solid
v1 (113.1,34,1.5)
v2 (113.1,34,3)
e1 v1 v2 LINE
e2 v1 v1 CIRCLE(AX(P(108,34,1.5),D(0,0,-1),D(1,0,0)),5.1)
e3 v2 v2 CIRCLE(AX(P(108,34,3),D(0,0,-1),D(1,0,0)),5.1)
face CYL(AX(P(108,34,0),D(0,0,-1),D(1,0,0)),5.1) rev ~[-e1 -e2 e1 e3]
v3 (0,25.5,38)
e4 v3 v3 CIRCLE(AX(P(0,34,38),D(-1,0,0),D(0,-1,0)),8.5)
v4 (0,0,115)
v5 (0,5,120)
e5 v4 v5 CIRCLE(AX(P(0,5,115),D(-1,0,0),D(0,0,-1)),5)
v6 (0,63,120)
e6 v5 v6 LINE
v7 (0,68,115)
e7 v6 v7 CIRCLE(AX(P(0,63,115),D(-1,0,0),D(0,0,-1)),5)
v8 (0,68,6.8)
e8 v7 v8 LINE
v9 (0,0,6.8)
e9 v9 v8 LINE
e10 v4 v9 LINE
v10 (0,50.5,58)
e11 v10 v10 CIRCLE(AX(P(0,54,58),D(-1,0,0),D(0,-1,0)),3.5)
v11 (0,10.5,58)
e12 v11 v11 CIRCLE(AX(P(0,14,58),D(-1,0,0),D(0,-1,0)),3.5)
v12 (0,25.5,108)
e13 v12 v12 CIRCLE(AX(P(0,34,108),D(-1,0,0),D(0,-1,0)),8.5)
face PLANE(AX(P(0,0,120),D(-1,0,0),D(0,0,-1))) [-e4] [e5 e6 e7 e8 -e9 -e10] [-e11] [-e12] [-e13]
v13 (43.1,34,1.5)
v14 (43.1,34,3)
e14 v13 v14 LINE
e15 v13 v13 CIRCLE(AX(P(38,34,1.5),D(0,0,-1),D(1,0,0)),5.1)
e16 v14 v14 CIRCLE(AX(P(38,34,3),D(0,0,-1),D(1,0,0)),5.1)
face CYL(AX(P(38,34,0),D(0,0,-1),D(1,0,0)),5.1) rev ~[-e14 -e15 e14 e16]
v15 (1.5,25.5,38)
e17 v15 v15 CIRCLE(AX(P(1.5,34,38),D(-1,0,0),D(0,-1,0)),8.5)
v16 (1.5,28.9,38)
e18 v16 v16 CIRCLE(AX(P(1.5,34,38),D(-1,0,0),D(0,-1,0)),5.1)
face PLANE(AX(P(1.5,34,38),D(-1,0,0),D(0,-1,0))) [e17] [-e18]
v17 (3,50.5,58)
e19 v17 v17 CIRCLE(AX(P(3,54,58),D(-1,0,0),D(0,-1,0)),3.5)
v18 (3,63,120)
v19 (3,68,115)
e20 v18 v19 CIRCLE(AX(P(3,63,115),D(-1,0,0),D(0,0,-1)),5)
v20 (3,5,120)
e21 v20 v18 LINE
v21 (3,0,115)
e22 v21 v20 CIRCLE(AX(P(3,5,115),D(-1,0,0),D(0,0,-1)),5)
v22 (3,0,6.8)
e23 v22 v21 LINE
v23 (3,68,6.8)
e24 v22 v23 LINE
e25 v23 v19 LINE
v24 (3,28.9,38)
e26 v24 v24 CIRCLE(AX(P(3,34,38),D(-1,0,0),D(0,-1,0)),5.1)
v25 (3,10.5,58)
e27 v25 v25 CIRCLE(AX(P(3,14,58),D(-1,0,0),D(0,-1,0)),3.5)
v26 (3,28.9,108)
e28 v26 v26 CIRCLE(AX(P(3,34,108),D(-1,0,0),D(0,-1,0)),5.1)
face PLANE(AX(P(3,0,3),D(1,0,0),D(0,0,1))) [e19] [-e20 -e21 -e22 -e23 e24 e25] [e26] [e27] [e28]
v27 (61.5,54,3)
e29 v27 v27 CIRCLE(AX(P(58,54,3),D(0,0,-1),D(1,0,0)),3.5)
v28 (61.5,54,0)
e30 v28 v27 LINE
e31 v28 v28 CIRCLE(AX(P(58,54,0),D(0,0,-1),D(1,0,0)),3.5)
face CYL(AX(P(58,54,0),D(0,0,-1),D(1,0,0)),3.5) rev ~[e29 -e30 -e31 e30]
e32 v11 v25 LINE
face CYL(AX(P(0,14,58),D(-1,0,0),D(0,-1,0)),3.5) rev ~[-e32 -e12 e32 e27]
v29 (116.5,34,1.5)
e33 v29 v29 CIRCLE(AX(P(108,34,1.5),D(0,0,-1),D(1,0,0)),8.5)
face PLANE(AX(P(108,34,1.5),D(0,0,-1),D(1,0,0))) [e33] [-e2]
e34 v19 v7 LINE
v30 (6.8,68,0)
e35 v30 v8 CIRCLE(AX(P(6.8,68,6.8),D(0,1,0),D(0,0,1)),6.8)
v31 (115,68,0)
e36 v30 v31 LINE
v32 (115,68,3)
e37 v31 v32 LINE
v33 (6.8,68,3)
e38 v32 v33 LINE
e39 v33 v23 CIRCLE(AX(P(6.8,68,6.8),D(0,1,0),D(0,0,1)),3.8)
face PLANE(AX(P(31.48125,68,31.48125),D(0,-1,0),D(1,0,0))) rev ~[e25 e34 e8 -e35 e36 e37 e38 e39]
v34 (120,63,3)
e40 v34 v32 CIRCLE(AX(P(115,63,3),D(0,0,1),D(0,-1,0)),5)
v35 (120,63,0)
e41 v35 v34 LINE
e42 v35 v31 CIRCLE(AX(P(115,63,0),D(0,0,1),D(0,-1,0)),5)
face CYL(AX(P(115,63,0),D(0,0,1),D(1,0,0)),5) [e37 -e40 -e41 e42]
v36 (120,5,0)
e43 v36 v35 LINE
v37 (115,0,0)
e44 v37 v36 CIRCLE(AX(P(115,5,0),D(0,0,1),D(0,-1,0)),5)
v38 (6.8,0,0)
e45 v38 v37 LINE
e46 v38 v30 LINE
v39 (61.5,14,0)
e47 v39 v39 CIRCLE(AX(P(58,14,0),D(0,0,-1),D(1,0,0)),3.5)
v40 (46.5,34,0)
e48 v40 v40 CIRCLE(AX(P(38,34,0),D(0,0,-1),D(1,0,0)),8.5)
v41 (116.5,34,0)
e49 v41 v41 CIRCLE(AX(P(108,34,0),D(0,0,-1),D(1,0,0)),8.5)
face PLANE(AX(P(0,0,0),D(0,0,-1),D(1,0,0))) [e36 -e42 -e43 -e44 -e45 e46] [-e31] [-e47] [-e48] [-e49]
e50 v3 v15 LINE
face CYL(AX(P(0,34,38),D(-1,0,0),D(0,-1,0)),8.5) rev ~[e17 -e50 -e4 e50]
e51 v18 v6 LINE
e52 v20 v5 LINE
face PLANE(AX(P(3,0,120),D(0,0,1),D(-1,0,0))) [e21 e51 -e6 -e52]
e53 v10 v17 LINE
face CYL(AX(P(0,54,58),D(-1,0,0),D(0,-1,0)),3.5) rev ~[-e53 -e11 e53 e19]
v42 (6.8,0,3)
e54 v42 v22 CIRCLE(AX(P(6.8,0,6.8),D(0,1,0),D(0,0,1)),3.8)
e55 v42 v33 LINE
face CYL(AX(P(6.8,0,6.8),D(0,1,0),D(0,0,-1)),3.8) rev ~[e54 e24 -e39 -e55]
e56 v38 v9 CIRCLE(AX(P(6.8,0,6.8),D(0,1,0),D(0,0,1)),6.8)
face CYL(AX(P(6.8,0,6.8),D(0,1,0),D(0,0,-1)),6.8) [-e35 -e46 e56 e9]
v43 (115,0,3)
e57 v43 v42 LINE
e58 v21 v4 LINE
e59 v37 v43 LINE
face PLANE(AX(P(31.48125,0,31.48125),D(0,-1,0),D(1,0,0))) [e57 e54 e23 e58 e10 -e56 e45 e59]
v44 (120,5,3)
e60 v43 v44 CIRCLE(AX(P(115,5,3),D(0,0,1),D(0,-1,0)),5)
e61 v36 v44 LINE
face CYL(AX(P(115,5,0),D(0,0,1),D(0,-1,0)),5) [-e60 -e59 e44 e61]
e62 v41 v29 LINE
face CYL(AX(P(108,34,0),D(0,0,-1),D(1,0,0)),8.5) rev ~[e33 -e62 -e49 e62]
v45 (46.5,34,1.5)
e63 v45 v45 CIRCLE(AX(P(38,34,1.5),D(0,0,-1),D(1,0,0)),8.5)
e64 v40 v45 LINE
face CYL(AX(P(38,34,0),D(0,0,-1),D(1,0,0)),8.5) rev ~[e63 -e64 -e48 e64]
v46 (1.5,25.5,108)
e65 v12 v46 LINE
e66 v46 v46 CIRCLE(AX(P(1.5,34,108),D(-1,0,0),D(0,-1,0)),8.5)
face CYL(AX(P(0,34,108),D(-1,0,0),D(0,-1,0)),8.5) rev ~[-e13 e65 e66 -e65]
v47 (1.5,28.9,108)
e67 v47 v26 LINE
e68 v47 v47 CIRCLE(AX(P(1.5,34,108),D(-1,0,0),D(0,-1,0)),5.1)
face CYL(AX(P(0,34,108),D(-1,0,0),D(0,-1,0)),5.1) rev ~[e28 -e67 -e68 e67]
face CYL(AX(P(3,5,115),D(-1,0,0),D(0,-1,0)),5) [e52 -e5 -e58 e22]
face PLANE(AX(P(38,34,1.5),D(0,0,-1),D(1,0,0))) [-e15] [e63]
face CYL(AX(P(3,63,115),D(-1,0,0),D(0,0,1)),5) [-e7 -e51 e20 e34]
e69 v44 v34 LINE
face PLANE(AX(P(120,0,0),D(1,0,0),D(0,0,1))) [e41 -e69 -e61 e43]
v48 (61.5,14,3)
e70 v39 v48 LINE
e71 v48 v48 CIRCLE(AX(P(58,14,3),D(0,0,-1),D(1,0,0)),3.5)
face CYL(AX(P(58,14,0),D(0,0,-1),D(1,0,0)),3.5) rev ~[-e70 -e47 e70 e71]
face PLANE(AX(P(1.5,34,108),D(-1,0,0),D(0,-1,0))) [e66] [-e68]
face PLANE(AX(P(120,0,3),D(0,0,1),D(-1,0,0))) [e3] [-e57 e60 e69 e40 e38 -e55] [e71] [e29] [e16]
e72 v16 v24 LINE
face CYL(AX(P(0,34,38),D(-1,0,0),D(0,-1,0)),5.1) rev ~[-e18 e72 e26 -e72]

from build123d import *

# Parameters (mm, degrees)
F1_DEPTH  = 68
F2_R      = 3.8
F3_R      = 6.8
F4_R      = 5
F5_R      = 5.1
F5_R_2    = 3.5
F6_DEPTH  = 120.001
F7_R      = 5.1
F7_R_2    = 3.5
F8_DEPTH  = 120.001
F9_R      = 8.5
F10_DEPTH = 1.5
F11_R     = 8.5
F12_DEPTH = 1.5


with BuildPart() as f1:
    # F0 (on Front) → F1 (new body)
    with BuildSketch(Plane.XZ):
        Polygon((3, 120), (0, 120), (0, 0), (120, 0), (120, 3), (3, 3), align=None)
    extrude(amount=-F1_DEPTH)

    # F2
    f2_edges = [f1.edges().sort_by_distance(p)[0] for p in [
        (3, 34, 3),
    ]]
    fillet(f2_edges, radius=F2_R)

    # F3
    f3_edges = [f1.edges().sort_by_distance(p)[0] for p in [
        (0, 34, 0),
    ]]
    fillet(f3_edges, radius=F3_R)

    # F4
    f4_edges = [f1.edges().sort_by_distance(p)[0] for p in [
        (1.5, 0, 120),
        (120, 0, 1.5),
        (120, 68, 1.5),
        (1.5, 68, 120),
    ]]
    fillet(f4_edges, radius=F4_R)

    # F5 (on face) → F6 (cut, through all)
    with BuildSketch(Plane(origin=(0, 0, 0), x_dir=(1, 0, 0), z_dir=(0, 0, -1))):
        with Locations((108, -34)):
            Circle(F5_R)
        with Locations((38, -34)):
            Circle(F5_R)
        with Locations((58, -14)):
            Circle(F5_R_2)
        with Locations((58, -54)):
            Circle(F5_R_2)
    extrude(amount=-F6_DEPTH, mode=Mode.SUBTRACT)

    # F7 (on face) → F8 (cut, through all)
    with BuildSketch(Plane(origin=(0, 0, 0), x_dir=(0, -1, 0), z_dir=(-1, 0, 0))):
        with Locations((-34, 108)):
            Circle(F7_R)
        with Locations((-34, 38)):
            Circle(F7_R)
        with Locations((-14, 58)):
            Circle(F7_R_2)
        with Locations((-54, 58)):
            Circle(F7_R_2)
    extrude(amount=-F8_DEPTH, mode=Mode.SUBTRACT)

    # F9 (on face) → F10 (cut)
    with BuildSketch(Plane(origin=(0, 0, 0), x_dir=(0, -1, 0), z_dir=(-1, 0, 0))):
        with Locations((-34, 108)):
            Circle(F9_R)
        with Locations((-34, 38)):
            Circle(F9_R)
    extrude(amount=-F10_DEPTH, mode=Mode.SUBTRACT)

    # F11 (on face) → F12 (cut)
    with BuildSketch(Plane(origin=(0, 0, 0), x_dir=(1, 0, 0), z_dir=(0, 0, -1))):
        with Locations((38, -34)):
            Circle(F11_R)
        with Locations((108, -34)):
            Circle(F11_R)
    extrude(amount=-F12_DEPTH, mode=Mode.SUBTRACT)


solid = f1.part
